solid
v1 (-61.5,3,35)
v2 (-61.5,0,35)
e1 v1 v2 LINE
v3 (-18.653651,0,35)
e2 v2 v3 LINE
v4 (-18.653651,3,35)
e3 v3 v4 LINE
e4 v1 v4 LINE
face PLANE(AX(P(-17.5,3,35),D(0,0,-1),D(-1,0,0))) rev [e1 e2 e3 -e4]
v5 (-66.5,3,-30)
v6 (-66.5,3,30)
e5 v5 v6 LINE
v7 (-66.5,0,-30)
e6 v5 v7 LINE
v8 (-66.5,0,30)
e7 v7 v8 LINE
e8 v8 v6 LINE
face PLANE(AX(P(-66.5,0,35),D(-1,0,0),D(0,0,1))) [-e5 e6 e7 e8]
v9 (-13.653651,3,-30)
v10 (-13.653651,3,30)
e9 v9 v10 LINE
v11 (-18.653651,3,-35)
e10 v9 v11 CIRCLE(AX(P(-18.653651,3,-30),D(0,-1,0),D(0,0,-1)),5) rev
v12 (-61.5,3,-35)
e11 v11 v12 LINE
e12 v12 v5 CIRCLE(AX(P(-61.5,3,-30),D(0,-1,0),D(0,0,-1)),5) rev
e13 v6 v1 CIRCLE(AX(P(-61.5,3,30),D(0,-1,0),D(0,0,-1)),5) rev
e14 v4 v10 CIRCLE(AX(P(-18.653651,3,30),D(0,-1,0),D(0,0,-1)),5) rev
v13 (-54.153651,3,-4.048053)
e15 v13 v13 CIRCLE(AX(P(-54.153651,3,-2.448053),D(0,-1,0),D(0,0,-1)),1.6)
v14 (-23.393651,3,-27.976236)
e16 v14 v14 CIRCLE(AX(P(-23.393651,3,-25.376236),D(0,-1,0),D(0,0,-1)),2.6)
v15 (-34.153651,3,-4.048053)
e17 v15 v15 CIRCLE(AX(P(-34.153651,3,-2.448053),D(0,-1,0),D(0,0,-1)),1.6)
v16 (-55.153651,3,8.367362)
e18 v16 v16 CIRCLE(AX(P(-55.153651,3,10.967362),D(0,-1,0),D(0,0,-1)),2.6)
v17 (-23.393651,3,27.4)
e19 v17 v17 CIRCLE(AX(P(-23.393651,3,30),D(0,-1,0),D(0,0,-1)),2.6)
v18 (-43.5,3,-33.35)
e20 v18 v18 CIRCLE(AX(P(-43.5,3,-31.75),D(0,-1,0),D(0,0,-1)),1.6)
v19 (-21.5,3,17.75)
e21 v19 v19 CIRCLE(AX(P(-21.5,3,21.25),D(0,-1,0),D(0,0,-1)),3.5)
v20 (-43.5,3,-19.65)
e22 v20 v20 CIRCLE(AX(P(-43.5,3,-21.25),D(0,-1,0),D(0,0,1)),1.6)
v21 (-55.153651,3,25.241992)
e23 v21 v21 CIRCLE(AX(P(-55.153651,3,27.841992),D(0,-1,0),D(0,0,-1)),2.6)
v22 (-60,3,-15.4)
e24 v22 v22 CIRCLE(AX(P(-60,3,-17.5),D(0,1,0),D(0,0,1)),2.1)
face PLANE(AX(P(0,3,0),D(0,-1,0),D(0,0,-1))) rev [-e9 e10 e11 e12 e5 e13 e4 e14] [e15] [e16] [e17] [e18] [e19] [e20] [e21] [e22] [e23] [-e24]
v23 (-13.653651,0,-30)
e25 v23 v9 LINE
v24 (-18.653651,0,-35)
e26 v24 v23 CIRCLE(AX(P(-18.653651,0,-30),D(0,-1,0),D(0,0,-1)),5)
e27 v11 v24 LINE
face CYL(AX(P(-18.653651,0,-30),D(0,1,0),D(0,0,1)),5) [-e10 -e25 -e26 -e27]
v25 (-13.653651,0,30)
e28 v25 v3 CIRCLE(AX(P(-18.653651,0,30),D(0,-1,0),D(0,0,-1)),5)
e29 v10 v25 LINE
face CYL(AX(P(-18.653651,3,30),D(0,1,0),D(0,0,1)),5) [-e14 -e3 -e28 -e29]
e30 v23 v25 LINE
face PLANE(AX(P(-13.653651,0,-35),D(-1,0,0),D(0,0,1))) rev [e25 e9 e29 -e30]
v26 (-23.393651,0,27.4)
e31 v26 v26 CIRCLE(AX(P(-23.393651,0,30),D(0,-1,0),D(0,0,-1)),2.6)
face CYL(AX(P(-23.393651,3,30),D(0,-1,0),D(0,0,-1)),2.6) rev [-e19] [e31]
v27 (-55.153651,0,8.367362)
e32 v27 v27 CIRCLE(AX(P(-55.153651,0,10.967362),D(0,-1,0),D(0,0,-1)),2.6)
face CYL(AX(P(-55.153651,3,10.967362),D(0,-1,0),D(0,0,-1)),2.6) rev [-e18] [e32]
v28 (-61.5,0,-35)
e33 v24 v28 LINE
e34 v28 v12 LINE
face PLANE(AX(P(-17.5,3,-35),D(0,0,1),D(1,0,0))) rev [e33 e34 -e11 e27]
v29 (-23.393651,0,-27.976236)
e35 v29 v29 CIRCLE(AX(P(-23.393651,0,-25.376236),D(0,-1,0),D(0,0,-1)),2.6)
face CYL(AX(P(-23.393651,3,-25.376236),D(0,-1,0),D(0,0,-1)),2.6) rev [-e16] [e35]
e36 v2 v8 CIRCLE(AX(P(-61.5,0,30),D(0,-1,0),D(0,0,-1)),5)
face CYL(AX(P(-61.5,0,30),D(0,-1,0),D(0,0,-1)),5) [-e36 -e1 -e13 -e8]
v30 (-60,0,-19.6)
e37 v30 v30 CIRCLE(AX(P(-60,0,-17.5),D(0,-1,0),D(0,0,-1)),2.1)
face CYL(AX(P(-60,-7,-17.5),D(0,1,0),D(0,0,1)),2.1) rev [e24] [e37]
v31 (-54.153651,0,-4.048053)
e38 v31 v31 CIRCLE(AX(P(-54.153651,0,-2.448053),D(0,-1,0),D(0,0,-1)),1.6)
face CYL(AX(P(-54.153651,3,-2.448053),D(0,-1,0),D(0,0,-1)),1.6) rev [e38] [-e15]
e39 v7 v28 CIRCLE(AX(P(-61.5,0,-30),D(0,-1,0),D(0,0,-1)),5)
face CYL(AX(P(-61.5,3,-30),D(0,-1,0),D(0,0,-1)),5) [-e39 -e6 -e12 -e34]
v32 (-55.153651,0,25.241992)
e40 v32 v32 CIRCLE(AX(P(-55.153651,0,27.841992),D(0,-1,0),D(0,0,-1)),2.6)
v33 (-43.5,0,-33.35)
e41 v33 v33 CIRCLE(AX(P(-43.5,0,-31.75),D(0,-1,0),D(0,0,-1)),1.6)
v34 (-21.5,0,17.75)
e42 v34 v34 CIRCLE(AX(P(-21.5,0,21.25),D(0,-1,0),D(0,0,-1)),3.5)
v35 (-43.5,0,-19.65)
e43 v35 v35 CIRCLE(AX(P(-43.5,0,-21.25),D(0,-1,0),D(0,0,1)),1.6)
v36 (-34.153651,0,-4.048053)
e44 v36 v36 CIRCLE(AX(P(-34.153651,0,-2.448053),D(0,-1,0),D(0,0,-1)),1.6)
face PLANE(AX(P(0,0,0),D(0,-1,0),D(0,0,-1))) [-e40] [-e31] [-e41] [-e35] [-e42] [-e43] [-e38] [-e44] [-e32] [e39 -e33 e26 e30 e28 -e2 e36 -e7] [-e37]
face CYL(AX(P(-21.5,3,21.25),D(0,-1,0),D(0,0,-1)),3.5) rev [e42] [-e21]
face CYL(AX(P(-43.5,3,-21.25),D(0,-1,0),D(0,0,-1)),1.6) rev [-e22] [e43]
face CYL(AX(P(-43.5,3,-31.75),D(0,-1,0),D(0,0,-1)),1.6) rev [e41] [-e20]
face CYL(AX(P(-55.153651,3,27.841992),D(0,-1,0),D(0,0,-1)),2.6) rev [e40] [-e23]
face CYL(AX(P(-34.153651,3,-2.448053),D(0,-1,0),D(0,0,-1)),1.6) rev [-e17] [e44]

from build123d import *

# Parameters (mm, degrees)
SKETCH_1_W             = 35
SKETCH_1_H             = 70
SKETCH_1_R             = 2.6
EXTRUDE_505_DEPTH      = 3
SKETCH_2_R             = 2.1
CUT_EXTRUDE_M4_DEPTH   = 3
SKETCH_3_R             = 2.6
EXTRUDE_967_DEPTH      = 3
SKETCH_4_R             = 2.1
CUT_EXTRUDE_1312_DEPTH = 4
SKETCH_5_W             = 49
SKETCH_5_H             = 70
EXTRA_DEPTH            = 3
SKETCH_6_R             = 2.1
CUT_EXTRUDE_2055_DEPTH = 10
SKETCH_7_R             = 2.1
ETRA_DEPTH             = 10
SKETCH_10_R            = 1.6
SKETCH_10_R_2          = 3.5
CUT_EXTRUDE_3548_DEPTH = 4
FILLET_5_0_R           = 5
SKETCH_12_R            = 2.1
EXTRUDE_1_DEPTH        = 3
SKETCH_13_R            = 1.5
CUT_EXTRUDE_1_DEPTH    = 4
SKETCH_15_W            = 32.658399477
SKETCH_15_H            = 70
CUT_EXTRUDE_4_DEPTH    = 4
FILLET_6_R             = 5
SKETCH_16_R            = 1.6
SKETCH_16_R_2          = 1.603432059
EXTRUDE_2_DEPTH        = 3
SKETCH_17_R            = 2.5
CUT_EXTRUDE_5_DEPTH    = 4
SKETCH_18_R            = 1.5
EXTRUDE_3_DEPTH        = 3
SKETCH_19_R            = 1.2
CUT_EXTRUDE_6_DEPTH    = 4
SKETCH_20_R            = 2.1
SKETCH_20_R_2          = 1.6
SKETCH_20_R_3          = 2.55820294
EXTRUDE_4_DEPTH        = 3
SKETCH_22_R            = 3.5
SKETCH_22_R_2          = 2.5
EXTRUDE_5_DEPTH        = 3
SKETCH_25_R            = 2.5
CUT_EXTRUDE_9_DEPTH    = 4
SKETCH_26_R            = 2.6
SKETCH_26_R_2          = 1.6
CUT_EXTRUDE_10_DEPTH   = 4


with BuildPart() as part:
    # 草图1 → Extrude 505 (new body)
    with BuildSketch(Plane(origin=(0, 0, 0), x_dir=(1, 0, 0), z_dir=(0, 1, 0))):
        Rectangle(SKETCH_1_W, SKETCH_1_H)
        with Locations((-7.5, 22.5)):
            Circle(SKETCH_1_R, mode=Mode.SUBTRACT)
        with Locations((-7.5, 0)):
            Circle(SKETCH_1_R, mode=Mode.SUBTRACT)
        with Locations((-7.5, -22.5)):
            Circle(SKETCH_1_R, mode=Mode.SUBTRACT)
        with Locations((-7.5, 10)):
            Circle(SKETCH_1_R, mode=Mode.SUBTRACT)
        with Locations((-7.5, -10)):
            Circle(SKETCH_1_R, mode=Mode.SUBTRACT)
    extrude(amount=EXTRUDE_505_DEPTH)

    # 草图2 → M4铝柱 (cut)
    with BuildSketch(Plane(origin=(0, 3, 0), x_dir=(1, 0, 0), z_dir=(0, 1, 0))):
        with Locations((10, 0)):
            Circle(SKETCH_2_R)
    extrude(amount=-CUT_EXTRUDE_M4_DEPTH, mode=Mode.SUBTRACT)

    # 草图3 → Extrude 967 (add, through all)
    with BuildSketch(Plane(origin=(0, 3, 0), x_dir=(1, 0, 0), z_dir=(0, 1, 0))):
        with Locations((-7.5, -10)):
            Circle(SKETCH_3_R)
        with Locations((-7.5, 10)):
            Circle(SKETCH_3_R)
    extrude(amount=-EXTRUDE_967_DEPTH)

    # 草图4 → Cut-Extrude 1312 (cut, through all)
    with BuildSketch(Plane(origin=(0, 3, 0), x_dir=(1, 0, 0), z_dir=(0, 1, 0))):
        with Locations((10, 22.5)):
            Circle(SKETCH_4_R)
        with Locations((10, -22.5)):
            Circle(SKETCH_4_R)
    extrude(amount=-CUT_EXTRUDE_1312_DEPTH, mode=Mode.SUBTRACT)

    # 草图5 → EXTRA (add, through all)
    with BuildSketch(Plane(origin=(0, 3, 0), x_dir=(1, 0, 0), z_dir=(0, 1, 0))):
        with Locations((-42, 0)):
            Rectangle(SKETCH_5_W, SKETCH_5_H)
    extrude(amount=-EXTRA_DEPTH)

    # 草图6 → Cut-Extrude 2055 (cut)
    with BuildSketch(Plane(origin=(0, 3, 0), x_dir=(1, 0, 0), z_dir=(0, 1, 0))):
        with Locations((-44.5, 0)):
            Circle(SKETCH_6_R)
        with Locations((-36.5, 0)):
            Circle(SKETCH_6_R)
    extrude(amount=-CUT_EXTRUDE_2055_DEPTH, mode=Mode.SUBTRACT)

    # 草图7 → ETRA铝柱 (cut)
    with BuildSketch(Plane(origin=(0, 3, 0), x_dir=(1, 0, 0), z_dir=(0, 1, 0))):
        with Locations((-60, 17.5)):
            Circle(SKETCH_7_R)
        with Locations((-60, -17.5)):
            Circle(SKETCH_7_R)
    extrude(amount=-ETRA_DEPTH, mode=Mode.SUBTRACT)

    # 草图10 → Cut-Extrude 3548 (cut, through all)
    with BuildSketch(Plane.XZ):
        with Locations((-43.5, -21.25)):
            Circle(SKETCH_10_R)
        with Locations((-21.5, -31.75)):
            Circle(SKETCH_10_R)
        with Locations((-43.5, -31.75)):
            Circle(SKETCH_10_R)
        with Locations((-43.5, 21.25)):
            Circle(SKETCH_10_R)
        with Locations((-21.5, 31.75)):
            Circle(SKETCH_10_R)
        with Locations((-43.5, 31.75)):
            Circle(SKETCH_10_R)
        with Locations((-21.5, 21.25)):
            Circle(SKETCH_10_R_2)
        with Locations((-21.5, -21.25)):
            Circle(SKETCH_10_R_2)
    extrude(amount=-CUT_EXTRUDE_3548_DEPTH, mode=Mode.SUBTRACT)

    # 圆角5.0
    fillet_5_0_edges = [part.edges().sort_by_distance(p)[0] for p in [
        (-66.5, 1.5, 35),
        (-66.5, 1.5, -35),
        (17.5, 1.5, 35),
        (17.5, 1.5, -35),
    ]]
    fillet(fillet_5_0_edges, radius=FILLET_5_0_R)

    # 草图12 → 凸台-拉伸1 (add)
    with BuildSketch(Plane(origin=(0, 3, 0), x_dir=(1, 0, 0), z_dir=(0, 1, 0))):
        with Locations((-36.5, 0)):
            Circle(SKETCH_12_R)
        with Locations((-44.5, 0)):
            Circle(SKETCH_12_R)
    extrude(amount=-EXTRUDE_1_DEPTH)

    # 草图13 → 切除-拉伸1 (cut, through all)
    with BuildSketch(Plane(origin=(0, 3, 0), x_dir=(1, 0, 0), z_dir=(0, 1, 0))):
        with Locations((-52.499999555, 1.426e-06)):
            Circle(SKETCH_13_R)
        with Locations((-28.499999555, 1.44e-06)):
            Circle(SKETCH_13_R)
    extrude(amount=-CUT_EXTRUDE_1_DEPTH, mode=Mode.SUBTRACT)

    # 草图15 → 切除-拉伸4 (cut, through all)
    with BuildSketch(Plane(origin=(0, 3, 0), x_dir=(1, 0, 0), z_dir=(0, 1, 0))):
        with Locations((2.675548589, 0)):
            Rectangle(SKETCH_15_W, SKETCH_15_H)
    extrude(amount=-CUT_EXTRUDE_4_DEPTH, mode=Mode.SUBTRACT)

    # 圆角6
    fillet_6_edges = [part.edges().sort_by_distance(p)[0] for p in [
        (-13.653651149, 1.5, -35),
        (-13.653651149, 1.5, 35),
    ]]
    fillet(fillet_6_edges, radius=FILLET_6_R)

    # 草图16 → 凸台-拉伸2 (add)
    with BuildSketch(Plane.XZ):
        with Locations((-21.5, 31.75)):
            Circle(SKETCH_16_R)
        with Locations((-21.5, -31.75)):
            Circle(SKETCH_16_R_2)
    extrude(amount=-EXTRUDE_2_DEPTH)

    # 草图17 → 切除-拉伸5 (cut, through all)
    with BuildSketch(Plane(origin=(0, 3, 0), x_dir=(1, 0, 0), z_dir=(0, 1, 0))):
        with Locations((-23.393651149, -30)):
            Circle(SKETCH_17_R)
        with Locations((-24.763651149, 30)):
            Circle(SKETCH_17_R)
    extrude(amount=-CUT_EXTRUDE_5_DEPTH, mode=Mode.SUBTRACT)

    # 草图18 → 凸台-拉伸3 (add)
    with BuildSketch(Plane.XZ):
        with Locations((-52.499999555, -1.426e-06)):
            Circle(SKETCH_18_R)
        with Locations((-28.499999555, -1.44e-06)):
            Circle(SKETCH_18_R)
    extrude(amount=-EXTRUDE_3_DEPTH)

    # 草图19 → 切除-拉伸6 (cut, through all)
    with BuildSketch(Plane.XZ):
        with Locations((-54.153651149, -2.448052536)):
            Circle(SKETCH_19_R)
        with Locations((-34.153651149, -2.448052536)):
            Circle(SKETCH_19_R)
    extrude(amount=-CUT_EXTRUDE_6_DEPTH, mode=Mode.SUBTRACT)

    # 草图20 → 凸台-拉伸4 (add)
    with BuildSketch(Plane.XZ):
        with Locations((-60, 17.5)):
            Circle(SKETCH_20_R)
        with Locations((-43.5, 21.25)):
            Circle(SKETCH_20_R_2)
        with Locations((-43.653651149, 31.685692809)):
            Circle(SKETCH_20_R_3)
    extrude(amount=-EXTRUDE_4_DEPTH)

    # 草图22 → 凸台-拉伸5 (add)
    with BuildSketch(Plane(origin=(0, 0, 0), x_dir=(-1, 0, 0), z_dir=(0, -1, 0))):
        with Locations((21.5, 21.25)):
            Circle(SKETCH_22_R)
        with Locations((24.763651149, 30)):
            Circle(SKETCH_22_R_2)
    extrude(amount=-EXTRUDE_5_DEPTH)

    # 草图25 → 切除-拉伸9 (cut, through all)
    with BuildSketch(Plane(origin=(0, 3, 0), x_dir=(1, 0, 0), z_dir=(0, 1, 0))):
        with Locations((-23.393651149, 25.376236088)):
            Circle(SKETCH_25_R)
    extrude(amount=-CUT_EXTRUDE_9_DEPTH, mode=Mode.SUBTRACT)

    # 草图26 → 切除-拉伸10 (cut, through all)
    with BuildSketch(Plane.XZ):
        with Locations((-55.153651029, 27.841992404)):
            Circle(SKETCH_26_R)
        with Locations((-23.393651149, -25.376236088)):
            Circle(SKETCH_26_R)
        with Locations((-23.393651149, 30)):
            Circle(SKETCH_26_R)
        with Locations((-55.153651029, 10.96736207)):
            Circle(SKETCH_26_R)
        with Locations((-54.153651149, -2.448052536)):
            Circle(SKETCH_26_R_2)
        with Locations((-34.153651149, -2.448052536)):
            Circle(SKETCH_26_R_2)
    extrude(amount=-CUT_EXTRUDE_10_DEPTH, mode=Mode.SUBTRACT)


solid = part.part
